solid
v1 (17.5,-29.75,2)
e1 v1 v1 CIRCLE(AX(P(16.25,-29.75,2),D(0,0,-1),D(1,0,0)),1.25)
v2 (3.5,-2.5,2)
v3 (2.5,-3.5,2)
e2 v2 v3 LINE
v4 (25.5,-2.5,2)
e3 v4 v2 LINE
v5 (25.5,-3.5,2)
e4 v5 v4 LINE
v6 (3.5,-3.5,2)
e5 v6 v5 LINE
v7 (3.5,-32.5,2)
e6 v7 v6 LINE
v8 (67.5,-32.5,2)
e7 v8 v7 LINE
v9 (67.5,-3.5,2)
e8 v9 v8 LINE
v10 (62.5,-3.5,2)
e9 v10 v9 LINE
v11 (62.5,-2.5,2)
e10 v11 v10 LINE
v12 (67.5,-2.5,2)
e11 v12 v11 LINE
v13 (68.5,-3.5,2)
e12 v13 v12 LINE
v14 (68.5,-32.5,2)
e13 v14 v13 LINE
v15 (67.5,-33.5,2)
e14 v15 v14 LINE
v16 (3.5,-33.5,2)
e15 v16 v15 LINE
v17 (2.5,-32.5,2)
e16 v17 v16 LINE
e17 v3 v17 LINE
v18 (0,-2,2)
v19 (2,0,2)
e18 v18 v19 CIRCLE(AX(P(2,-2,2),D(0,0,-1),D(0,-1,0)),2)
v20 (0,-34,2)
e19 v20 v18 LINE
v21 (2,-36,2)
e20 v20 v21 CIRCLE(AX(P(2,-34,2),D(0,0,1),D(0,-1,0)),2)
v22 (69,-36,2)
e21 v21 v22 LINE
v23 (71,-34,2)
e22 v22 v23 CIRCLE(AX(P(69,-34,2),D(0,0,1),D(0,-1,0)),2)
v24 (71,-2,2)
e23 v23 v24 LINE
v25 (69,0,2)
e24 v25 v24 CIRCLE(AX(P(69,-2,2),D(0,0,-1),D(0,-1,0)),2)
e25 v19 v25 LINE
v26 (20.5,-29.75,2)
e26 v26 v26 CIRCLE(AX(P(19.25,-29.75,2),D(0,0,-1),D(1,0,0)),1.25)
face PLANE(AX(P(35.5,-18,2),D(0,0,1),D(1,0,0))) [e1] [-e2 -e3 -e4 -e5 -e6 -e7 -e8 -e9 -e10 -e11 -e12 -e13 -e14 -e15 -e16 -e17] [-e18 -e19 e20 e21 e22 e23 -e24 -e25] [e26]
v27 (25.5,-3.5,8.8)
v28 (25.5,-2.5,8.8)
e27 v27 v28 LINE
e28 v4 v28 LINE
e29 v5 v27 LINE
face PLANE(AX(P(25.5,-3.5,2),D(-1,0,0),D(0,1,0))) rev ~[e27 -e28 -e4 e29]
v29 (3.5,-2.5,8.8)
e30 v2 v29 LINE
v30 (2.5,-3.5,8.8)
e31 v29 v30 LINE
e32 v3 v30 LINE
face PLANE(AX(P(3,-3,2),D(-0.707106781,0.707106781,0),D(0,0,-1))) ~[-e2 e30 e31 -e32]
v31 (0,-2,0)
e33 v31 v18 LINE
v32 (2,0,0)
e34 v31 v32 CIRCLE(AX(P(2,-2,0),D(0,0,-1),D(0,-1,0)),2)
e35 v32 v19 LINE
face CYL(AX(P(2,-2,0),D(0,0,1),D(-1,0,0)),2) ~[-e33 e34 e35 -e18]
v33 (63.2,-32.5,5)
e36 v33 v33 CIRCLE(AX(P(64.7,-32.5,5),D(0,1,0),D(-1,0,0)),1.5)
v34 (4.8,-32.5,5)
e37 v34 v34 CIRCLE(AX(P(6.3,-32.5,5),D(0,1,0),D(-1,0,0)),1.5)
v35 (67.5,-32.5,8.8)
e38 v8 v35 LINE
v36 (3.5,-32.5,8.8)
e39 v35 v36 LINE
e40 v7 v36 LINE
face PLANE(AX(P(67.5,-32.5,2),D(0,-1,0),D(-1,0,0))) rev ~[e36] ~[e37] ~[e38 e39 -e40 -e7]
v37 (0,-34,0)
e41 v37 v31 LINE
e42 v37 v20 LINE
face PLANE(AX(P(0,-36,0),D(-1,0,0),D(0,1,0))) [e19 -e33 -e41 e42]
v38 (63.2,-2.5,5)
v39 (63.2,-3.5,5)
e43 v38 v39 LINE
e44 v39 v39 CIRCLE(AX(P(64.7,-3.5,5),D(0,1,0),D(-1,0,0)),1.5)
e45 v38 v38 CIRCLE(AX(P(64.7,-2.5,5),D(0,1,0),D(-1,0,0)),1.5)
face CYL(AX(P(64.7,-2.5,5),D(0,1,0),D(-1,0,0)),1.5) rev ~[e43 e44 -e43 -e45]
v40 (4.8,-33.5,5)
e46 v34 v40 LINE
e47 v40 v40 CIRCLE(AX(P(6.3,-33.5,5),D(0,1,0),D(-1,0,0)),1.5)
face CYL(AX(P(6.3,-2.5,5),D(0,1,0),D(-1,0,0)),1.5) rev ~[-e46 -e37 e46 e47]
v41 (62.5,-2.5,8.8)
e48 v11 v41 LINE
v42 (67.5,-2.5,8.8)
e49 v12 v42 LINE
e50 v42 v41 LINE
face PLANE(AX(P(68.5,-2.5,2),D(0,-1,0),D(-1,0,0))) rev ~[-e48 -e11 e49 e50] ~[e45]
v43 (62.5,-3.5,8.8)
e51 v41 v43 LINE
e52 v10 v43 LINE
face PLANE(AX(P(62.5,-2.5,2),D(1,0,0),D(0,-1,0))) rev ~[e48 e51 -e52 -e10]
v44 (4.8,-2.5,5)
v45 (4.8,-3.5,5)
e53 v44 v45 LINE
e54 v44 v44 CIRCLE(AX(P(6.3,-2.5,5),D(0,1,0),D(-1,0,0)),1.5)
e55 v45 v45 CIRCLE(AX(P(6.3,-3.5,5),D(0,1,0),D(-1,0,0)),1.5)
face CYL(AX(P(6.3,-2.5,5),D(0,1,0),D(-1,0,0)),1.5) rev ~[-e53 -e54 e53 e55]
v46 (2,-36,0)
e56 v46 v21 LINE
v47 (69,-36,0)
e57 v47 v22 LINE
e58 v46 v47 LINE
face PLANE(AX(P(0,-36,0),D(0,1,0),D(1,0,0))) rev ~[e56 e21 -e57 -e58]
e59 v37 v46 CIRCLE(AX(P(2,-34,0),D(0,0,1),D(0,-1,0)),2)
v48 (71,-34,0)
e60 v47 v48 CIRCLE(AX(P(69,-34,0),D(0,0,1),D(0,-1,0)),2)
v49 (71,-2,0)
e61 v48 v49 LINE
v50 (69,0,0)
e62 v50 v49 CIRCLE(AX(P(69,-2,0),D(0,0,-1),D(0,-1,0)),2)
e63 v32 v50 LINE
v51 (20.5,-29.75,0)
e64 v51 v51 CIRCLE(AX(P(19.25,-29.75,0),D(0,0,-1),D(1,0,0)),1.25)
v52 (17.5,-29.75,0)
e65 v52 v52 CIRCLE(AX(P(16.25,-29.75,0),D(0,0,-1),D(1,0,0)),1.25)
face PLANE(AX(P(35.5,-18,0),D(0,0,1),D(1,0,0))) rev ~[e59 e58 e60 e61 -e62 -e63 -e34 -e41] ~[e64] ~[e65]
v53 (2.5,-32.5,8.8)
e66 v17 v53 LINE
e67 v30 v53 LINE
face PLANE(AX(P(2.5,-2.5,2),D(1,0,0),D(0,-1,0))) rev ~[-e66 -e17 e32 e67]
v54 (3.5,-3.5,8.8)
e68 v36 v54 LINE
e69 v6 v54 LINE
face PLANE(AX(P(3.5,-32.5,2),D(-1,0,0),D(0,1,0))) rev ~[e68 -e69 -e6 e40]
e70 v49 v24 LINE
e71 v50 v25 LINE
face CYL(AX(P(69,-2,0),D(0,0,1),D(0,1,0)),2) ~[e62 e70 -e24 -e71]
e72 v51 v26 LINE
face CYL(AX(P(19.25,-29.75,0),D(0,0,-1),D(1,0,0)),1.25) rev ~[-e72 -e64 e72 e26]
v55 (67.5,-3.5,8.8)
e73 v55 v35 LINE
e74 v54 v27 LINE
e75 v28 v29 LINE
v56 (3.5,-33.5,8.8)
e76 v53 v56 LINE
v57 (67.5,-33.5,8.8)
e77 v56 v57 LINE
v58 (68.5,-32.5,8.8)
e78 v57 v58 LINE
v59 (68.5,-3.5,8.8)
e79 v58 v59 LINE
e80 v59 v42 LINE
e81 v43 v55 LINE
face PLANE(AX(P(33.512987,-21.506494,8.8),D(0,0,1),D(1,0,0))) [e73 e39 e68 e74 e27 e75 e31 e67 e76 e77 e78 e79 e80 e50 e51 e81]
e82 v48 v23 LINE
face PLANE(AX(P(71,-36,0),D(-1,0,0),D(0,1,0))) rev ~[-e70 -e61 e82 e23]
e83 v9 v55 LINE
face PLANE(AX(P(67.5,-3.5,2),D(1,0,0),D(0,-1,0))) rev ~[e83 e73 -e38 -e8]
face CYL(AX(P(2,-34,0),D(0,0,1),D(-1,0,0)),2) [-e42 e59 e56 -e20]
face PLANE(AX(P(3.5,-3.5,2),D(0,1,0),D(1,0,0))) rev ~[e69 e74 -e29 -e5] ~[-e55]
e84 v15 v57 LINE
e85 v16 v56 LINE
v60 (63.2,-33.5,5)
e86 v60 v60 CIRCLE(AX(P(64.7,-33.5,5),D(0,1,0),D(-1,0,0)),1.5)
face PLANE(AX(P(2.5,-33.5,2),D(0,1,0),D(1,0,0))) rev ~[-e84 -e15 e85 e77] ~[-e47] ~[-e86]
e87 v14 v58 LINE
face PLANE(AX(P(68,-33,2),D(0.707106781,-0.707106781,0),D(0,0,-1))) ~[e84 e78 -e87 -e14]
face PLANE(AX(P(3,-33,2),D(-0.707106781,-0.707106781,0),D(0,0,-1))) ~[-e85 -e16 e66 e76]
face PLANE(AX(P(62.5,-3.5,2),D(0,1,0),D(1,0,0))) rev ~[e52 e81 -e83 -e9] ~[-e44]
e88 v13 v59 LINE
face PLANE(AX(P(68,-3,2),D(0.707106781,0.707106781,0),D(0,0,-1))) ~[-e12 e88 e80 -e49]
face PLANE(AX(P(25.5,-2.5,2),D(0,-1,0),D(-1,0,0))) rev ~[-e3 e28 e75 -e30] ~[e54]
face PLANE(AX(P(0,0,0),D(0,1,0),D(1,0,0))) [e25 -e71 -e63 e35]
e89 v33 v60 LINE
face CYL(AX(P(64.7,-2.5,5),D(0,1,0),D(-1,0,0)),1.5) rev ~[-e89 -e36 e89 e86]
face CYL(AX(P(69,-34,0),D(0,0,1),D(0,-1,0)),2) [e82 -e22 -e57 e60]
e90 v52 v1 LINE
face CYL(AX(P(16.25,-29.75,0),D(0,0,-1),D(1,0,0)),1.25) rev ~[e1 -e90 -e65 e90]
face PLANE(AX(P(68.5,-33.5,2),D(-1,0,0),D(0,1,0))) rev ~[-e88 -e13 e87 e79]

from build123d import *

# Parameters (mm, degrees)
F0_W     = 71
F0_H     = 36
F1_DEPTH = 2
F3_DEPTH = 6.8
F4_R     = 2
F5_R     = 1.25
F6_DEPTH = 8.801
F7_R     = 1.5
F8_DEPTH = 33.501
F9_SIZE  = 1


with BuildPart() as f1:
    # F0 (on Top) → F1 (new body)
    with BuildSketch(Plane.XY):
        with Locations((35.5, -18)):
            Rectangle(F0_W, F0_H)
    extrude(amount=F1_DEPTH)

    # F2 (on face) → F3 (join)
    with BuildSketch(Plane.XY.offset(2)):
        Polygon((25.5, -2.5), (2.5, -2.5), (2.5, -33.5), (68.5, -33.5), (68.5, -2.5), (62.5, -2.5), (62.5, -3.5), (67.5, -3.5), (67.5, -32.5), (3.5, -32.5), (3.5, -3.5), (25.5, -3.5), align=None)
    extrude(amount=F3_DEPTH)

    # F4
    f4_edges = [f1.edges().sort_by_distance(p)[0] for p in [
        (0, -36, 1),
        (0, 0, 1),
        (71, -36, 1),
        (71, 0, 1),
    ]]
    fillet(f4_edges, radius=F4_R)

    # F5 (on face) → F6 (cut, through all)
    with BuildSketch(Plane(origin=(0, 0, 0), x_dir=(1, 0, 0), z_dir=(0, 0, -1))):
        with Locations((16.25, 29.75)):
            Circle(F5_R)
        with Locations((19.25, 29.75)):
            Circle(F5_R)
    extrude(amount=-F6_DEPTH, mode=Mode.SUBTRACT)

    # F7 (on face) → F8 (cut, through all)
    with BuildSketch(Plane(origin=(0, -2.5, 0), x_dir=(-1, 0, 0), z_dir=(0, 1, 0))):
        with Locations((-64.7, 5)):
            Circle(F7_R)
        with Locations((-6.3, 5)):
            Circle(F7_R)
    extrude(amount=-F8_DEPTH, mode=Mode.SUBTRACT)

    # F9
    f9_edges = [f1.edges().sort_by_distance(p)[0] for p in [
        (2.5, -2.5, 5.4),
        (68.5, -33.5, 5.4),
        (68.5, -2.5, 5.4),
        (2.5, -33.5, 5.4),
    ]]
    chamfer(f9_edges, length=F9_SIZE)


solid = f1.part
